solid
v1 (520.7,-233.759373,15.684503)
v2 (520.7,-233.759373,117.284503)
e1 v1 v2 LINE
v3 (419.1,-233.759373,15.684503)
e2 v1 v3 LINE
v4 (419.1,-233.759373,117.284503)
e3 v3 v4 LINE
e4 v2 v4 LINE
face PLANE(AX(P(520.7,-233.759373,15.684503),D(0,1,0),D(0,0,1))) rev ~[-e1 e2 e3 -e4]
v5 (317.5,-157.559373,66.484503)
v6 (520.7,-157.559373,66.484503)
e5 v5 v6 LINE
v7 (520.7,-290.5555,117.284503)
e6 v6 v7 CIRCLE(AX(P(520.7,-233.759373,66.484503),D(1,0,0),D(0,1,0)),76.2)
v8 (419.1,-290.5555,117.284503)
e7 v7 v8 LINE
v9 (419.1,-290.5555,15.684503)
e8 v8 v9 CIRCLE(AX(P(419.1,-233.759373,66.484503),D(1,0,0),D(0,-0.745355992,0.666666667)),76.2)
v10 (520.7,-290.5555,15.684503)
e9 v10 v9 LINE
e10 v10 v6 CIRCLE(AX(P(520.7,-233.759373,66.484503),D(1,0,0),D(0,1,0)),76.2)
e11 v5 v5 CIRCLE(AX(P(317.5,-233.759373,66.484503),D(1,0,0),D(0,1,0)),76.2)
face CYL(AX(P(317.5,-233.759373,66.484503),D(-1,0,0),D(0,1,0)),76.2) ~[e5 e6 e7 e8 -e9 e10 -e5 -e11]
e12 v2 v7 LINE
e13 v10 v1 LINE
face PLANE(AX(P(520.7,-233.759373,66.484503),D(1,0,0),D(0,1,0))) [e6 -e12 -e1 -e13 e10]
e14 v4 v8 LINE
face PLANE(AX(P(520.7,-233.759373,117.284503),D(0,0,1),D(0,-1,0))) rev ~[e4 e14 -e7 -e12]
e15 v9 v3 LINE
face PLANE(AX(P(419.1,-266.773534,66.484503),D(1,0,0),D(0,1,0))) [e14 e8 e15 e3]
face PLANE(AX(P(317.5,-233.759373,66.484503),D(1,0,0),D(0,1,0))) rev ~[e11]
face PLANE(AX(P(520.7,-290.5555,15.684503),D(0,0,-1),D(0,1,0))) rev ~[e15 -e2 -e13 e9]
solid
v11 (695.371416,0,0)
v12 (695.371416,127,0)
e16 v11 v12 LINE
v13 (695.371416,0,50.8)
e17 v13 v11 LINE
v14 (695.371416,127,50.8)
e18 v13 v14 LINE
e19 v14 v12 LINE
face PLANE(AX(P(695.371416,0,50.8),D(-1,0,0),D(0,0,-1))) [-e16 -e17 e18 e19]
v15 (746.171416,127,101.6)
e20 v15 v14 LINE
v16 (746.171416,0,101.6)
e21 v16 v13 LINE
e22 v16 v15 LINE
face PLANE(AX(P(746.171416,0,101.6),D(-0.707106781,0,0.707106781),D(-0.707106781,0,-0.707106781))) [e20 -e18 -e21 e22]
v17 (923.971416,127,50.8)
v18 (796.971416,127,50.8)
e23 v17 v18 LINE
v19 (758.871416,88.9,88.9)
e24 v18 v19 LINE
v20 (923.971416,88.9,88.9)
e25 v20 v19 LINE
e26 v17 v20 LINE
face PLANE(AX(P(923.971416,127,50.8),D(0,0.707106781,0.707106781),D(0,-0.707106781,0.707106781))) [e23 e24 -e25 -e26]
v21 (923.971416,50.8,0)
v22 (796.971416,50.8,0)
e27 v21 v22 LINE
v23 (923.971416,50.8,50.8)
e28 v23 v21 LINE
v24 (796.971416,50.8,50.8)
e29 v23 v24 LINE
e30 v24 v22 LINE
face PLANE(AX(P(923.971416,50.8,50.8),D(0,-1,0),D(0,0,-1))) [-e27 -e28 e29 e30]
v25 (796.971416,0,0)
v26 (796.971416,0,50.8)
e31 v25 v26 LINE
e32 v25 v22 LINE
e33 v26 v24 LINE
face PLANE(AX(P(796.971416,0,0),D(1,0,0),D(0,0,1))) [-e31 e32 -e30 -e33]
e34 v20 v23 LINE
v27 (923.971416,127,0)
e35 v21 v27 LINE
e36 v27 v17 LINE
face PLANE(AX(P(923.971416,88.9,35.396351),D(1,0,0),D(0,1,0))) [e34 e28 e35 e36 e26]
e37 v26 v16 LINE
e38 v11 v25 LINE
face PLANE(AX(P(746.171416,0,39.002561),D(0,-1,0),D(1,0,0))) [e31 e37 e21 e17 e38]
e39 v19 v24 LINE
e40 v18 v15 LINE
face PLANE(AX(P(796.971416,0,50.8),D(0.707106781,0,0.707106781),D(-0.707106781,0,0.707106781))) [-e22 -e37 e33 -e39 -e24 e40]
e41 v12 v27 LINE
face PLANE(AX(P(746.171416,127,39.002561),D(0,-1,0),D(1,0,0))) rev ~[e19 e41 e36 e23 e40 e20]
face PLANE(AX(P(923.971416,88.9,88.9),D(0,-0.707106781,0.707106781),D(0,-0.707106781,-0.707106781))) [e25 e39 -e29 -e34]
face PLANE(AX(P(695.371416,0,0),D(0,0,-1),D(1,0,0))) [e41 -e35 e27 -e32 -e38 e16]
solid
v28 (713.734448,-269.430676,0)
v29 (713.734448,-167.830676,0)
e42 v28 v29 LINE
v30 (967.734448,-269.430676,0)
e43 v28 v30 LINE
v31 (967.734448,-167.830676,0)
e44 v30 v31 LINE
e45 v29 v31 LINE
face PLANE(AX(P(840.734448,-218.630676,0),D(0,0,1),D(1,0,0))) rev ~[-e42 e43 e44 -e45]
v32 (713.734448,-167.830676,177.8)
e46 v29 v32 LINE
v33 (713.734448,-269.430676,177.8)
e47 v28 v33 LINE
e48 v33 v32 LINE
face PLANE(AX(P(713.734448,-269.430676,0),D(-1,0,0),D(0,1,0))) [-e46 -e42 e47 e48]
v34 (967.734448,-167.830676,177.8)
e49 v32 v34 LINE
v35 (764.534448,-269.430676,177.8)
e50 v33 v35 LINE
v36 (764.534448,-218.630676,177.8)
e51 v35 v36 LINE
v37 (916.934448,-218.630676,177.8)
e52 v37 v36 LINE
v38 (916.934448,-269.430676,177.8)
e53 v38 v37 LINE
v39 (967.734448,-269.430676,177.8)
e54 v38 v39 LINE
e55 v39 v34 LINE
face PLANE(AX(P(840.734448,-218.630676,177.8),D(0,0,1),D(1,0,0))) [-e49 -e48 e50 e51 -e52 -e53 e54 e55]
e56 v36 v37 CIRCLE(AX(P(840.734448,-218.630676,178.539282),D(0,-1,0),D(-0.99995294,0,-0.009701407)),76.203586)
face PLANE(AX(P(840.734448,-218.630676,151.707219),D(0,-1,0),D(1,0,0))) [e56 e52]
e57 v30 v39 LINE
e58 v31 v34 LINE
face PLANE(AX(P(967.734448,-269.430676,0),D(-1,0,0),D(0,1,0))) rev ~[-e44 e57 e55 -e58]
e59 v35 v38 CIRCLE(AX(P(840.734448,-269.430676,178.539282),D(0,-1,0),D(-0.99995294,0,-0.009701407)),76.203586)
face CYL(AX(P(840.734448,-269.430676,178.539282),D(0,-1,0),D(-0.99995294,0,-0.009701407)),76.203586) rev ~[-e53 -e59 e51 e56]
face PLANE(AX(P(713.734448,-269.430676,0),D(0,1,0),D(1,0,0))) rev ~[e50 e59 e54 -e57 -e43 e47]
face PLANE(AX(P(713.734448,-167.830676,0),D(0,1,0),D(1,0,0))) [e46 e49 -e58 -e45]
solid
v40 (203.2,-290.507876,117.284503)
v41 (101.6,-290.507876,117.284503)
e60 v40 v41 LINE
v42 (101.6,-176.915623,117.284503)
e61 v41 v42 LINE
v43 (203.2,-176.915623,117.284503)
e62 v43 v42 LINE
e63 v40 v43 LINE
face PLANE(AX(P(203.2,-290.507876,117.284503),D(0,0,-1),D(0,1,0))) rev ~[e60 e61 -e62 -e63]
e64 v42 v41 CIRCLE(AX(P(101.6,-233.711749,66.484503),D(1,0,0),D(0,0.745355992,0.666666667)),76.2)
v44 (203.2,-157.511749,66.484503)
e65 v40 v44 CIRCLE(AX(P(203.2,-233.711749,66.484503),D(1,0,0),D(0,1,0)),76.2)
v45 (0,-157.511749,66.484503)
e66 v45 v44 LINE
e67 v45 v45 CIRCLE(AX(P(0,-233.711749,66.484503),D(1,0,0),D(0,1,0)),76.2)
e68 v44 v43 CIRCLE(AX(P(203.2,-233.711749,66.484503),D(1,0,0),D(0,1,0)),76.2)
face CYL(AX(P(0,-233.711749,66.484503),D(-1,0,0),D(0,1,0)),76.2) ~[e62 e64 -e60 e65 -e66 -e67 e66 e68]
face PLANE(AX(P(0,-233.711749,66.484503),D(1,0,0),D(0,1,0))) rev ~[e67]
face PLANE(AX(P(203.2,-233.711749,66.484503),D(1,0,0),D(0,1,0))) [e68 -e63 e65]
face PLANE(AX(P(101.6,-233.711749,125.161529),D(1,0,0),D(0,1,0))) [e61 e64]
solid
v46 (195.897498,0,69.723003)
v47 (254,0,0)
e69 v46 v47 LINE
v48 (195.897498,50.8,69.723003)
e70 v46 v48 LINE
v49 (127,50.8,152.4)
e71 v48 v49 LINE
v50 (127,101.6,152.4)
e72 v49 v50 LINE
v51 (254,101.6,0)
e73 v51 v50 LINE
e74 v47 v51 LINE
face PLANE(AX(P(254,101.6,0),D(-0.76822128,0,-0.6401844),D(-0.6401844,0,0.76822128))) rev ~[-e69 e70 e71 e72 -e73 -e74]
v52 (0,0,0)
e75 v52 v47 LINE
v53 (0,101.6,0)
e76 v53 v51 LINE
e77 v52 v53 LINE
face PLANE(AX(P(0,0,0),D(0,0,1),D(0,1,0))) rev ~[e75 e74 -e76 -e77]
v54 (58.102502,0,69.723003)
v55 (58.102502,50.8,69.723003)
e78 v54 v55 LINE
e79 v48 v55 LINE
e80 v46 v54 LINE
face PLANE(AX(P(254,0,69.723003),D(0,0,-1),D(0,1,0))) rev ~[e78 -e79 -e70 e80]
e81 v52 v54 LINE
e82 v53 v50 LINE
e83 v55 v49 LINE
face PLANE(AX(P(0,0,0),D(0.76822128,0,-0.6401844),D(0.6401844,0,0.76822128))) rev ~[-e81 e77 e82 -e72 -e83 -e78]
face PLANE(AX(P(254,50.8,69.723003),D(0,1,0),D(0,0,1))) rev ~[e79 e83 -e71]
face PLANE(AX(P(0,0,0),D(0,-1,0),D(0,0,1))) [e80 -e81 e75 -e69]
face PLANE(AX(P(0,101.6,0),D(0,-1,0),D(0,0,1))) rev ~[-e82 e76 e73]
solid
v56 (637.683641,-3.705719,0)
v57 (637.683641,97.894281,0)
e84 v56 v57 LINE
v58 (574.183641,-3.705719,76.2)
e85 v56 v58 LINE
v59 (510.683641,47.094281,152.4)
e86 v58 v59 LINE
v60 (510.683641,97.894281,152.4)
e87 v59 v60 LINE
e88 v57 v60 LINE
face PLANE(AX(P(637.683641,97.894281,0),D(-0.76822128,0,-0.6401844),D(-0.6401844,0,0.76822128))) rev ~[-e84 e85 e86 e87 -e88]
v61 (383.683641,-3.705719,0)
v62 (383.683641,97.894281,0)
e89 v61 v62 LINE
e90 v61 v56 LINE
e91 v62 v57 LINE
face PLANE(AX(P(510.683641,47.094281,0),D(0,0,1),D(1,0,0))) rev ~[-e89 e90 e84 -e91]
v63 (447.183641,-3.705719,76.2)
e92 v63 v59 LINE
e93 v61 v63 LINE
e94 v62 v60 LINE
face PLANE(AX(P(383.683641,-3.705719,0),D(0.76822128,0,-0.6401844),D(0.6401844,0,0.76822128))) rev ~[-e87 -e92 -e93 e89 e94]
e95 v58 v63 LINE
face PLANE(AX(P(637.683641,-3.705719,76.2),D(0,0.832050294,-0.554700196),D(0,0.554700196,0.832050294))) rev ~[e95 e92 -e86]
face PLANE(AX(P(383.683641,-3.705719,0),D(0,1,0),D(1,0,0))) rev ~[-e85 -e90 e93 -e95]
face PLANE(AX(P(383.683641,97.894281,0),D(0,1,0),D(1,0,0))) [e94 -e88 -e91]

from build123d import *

# Parameters (mm, degrees)
F0_W      = 101.6
F0_H      = 152.4
F1_DEPTH  = 254
F3_DEPTH  = 101.6
F4_W      = 50.8
F4_H      = 82.6769973874
F5_DEPTH  = 249.428
F6_W      = 254
F6_H      = 101.6
F7_DEPTH  = 152.4
F9_DEPTH  = 101.6
F11_DEPTH = 205.486
F13_DEPTH = 152.4
F15_DEPTH = 444.5
F17_DEPTH = 127
F21_R     = 76.2
F22_DEPTH = 203.2
F24_DEPTH = 101.6
F26_R     = 76.2
F27_DEPTH = 203.2
F29_DEPTH = 101.6
F30_W     = 254
F30_H     = 101.6
F31_DEPTH = 177.8
F33_DEPTH = 50.8


with BuildPart() as f1:
    # F0 (on Right) → F1 (new body)
    with BuildSketch(Plane.YZ):
        with Locations((50.8, 76.2)):
            Rectangle(F0_W, F0_H)
    extrude(amount=F1_DEPTH)

    # F2 (on face) → F3 (cut)
    with BuildSketch(Plane.XZ):
        Polygon((0, 0), (127, 152.4), (0, 152.4), align=None)
    extrude(amount=-F3_DEPTH, mode=Mode.SUBTRACT)

    # F4 (on face) → F5 (cut)
    with BuildSketch(Plane.YZ.offset(254)):
        with Locations((25.4, 111.0615013063)):
            Rectangle(F4_W, F4_H)
    extrude(amount=-F5_DEPTH, mode=Mode.SUBTRACT)

    # F14 (on face) → F15 (cut)
    with BuildSketch(Plane(origin=(0, 101.6, 0), x_dir=(-1, 0, 0), z_dir=(0, 1, 0))):
        Polygon((-254, 152.4), (-254, 0), (-127, 152.4), align=None)
    extrude(amount=-F15_DEPTH, mode=Mode.SUBTRACT)


with BuildPart() as f7:
    # F6 (on Top) → F7 (new body)
    with BuildSketch(Plane.XY):
        with Locations((510.6836408377, 47.0942814716)):
            Rectangle(F6_W, F6_H)
    extrude(amount=F7_DEPTH)

    # F8 (on face) → F9 (cut)
    with BuildSketch(Plane.XZ.offset(3.7057185284)):
        Polygon((383.6836408377, 0), (510.6836408377, 152.4), (383.6836408377, 152.4), align=None)
    extrude(amount=-F9_DEPTH, mode=Mode.SUBTRACT)

    # F10 (on face) → F11 (cut)
    with BuildSketch(Plane.YZ.offset(637.6836408377)):
        Polygon((-3.7057185284, 152.4), (-3.7057185284, 76.2), (47.0942814716, 152.4), align=None)
    extrude(amount=-F11_DEPTH, mode=Mode.SUBTRACT)

    # F12 (on face) → F13 (cut)
    with BuildSketch(Plane(origin=(0, 97.8942814716, 0), x_dir=(-1, 0, 0), z_dir=(0, 1, 0))):
        Polygon((-637.6836408377, 152.4), (-637.6836408377, 0), (-510.6836408377, 152.4), align=None)
    extrude(amount=-F13_DEPTH, mode=Mode.SUBTRACT)


with BuildPart() as f17:
    # F16 (on Front) → F17 (new body)
    with BuildSketch(Plane.XZ):
        Polygon((695.3714161174, 50.8), (695.3714161174, 0), (796.9714161174, 0), (796.9714161174, 50.8), (746.1714161174, 101.6), align=None)
    extrude(amount=-F17_DEPTH)

    # F19 (on offset) → F20 (join, up to the next surface of F17)
    with BuildSketch(Plane.YZ.offset(923.9714161174)):
        Polygon((50.8, 50.8), (50.8, 0), (127, 0), (127, 50.8), (88.9, 88.9), align=None)
    extrude(until=Until.NEXT, dir=(-1, 0, 0))


with BuildPart() as f22:
    # F21 (on Right) → F22 (new body)
    with BuildSketch(Plane.YZ):
        with Locations((-233.7117493153, 66.484503448)):
            Circle(F21_R)
    extrude(amount=F22_DEPTH)

    # F23 (on face) → F24 (cut)
    with BuildSketch(Plane.YZ.offset(203.2)):
        with BuildLine():
            Line((-290.5078759438, 117.284503448), (-176.9156226868, 117.284503448))
            ThreePointArc((-176.9156226868, 117.284503448), (-233.7117493153, 142.684503448), (-290.5078759438, 117.284503448))
        make_face()
    extrude(amount=-F24_DEPTH, mode=Mode.SUBTRACT)


with BuildPart() as f27:
    # F26 (on offset) → F27 (new body)
    with BuildSketch(Plane.YZ.offset(317.5)):
        with Locations((-233.7593734264, 66.484503448)):
            Circle(F26_R)
    extrude(amount=F27_DEPTH)

    # F28 (on face) → F29 (cut)
    with BuildSketch(Plane.YZ.offset(520.7)):
        with BuildLine():
            Line((-233.7593734264, 15.684503448), (-233.7593734264, 66.484503448))
            Line((-233.7593734264, 66.484503448), (-233.7593734264, 117.284503448))
            Line((-233.7593734264, 117.284503448), (-290.5555000549, 117.284503448))
            ThreePointArc((-290.5555000549, 117.284503448), (-309.9593734264, 66.484503448), (-290.5555000549, 15.684503448))
            Line((-290.5555000549, 15.684503448), (-233.7593734264, 15.684503448))
        make_face()
    extrude(amount=-F29_DEPTH, mode=Mode.SUBTRACT)


with BuildPart() as f31:
    # F30 (on Top) → F31 (new body)
    with BuildSketch(Plane.XY):
        with Locations((840.7344479561, -218.6306758404)):
            Rectangle(F30_W, F30_H)
    extrude(amount=F31_DEPTH)

    # F32 (on face) → F33 (cut)
    with BuildSketch(Plane.XZ.offset(269.4306758404)):
        with BuildLine():
            Line((916.9344479561, 177.8), (764.5344479561, 177.8))
            ThreePointArc((764.5344479561, 177.8), (840.7344479561, 102.3356958662), (916.9344479561, 177.8))
        make_face()
    extrude(amount=-F33_DEPTH, mode=Mode.SUBTRACT)


solid = Compound([f1.part, f7.part, f17.part, f22.part, f27.part, f31.part])
